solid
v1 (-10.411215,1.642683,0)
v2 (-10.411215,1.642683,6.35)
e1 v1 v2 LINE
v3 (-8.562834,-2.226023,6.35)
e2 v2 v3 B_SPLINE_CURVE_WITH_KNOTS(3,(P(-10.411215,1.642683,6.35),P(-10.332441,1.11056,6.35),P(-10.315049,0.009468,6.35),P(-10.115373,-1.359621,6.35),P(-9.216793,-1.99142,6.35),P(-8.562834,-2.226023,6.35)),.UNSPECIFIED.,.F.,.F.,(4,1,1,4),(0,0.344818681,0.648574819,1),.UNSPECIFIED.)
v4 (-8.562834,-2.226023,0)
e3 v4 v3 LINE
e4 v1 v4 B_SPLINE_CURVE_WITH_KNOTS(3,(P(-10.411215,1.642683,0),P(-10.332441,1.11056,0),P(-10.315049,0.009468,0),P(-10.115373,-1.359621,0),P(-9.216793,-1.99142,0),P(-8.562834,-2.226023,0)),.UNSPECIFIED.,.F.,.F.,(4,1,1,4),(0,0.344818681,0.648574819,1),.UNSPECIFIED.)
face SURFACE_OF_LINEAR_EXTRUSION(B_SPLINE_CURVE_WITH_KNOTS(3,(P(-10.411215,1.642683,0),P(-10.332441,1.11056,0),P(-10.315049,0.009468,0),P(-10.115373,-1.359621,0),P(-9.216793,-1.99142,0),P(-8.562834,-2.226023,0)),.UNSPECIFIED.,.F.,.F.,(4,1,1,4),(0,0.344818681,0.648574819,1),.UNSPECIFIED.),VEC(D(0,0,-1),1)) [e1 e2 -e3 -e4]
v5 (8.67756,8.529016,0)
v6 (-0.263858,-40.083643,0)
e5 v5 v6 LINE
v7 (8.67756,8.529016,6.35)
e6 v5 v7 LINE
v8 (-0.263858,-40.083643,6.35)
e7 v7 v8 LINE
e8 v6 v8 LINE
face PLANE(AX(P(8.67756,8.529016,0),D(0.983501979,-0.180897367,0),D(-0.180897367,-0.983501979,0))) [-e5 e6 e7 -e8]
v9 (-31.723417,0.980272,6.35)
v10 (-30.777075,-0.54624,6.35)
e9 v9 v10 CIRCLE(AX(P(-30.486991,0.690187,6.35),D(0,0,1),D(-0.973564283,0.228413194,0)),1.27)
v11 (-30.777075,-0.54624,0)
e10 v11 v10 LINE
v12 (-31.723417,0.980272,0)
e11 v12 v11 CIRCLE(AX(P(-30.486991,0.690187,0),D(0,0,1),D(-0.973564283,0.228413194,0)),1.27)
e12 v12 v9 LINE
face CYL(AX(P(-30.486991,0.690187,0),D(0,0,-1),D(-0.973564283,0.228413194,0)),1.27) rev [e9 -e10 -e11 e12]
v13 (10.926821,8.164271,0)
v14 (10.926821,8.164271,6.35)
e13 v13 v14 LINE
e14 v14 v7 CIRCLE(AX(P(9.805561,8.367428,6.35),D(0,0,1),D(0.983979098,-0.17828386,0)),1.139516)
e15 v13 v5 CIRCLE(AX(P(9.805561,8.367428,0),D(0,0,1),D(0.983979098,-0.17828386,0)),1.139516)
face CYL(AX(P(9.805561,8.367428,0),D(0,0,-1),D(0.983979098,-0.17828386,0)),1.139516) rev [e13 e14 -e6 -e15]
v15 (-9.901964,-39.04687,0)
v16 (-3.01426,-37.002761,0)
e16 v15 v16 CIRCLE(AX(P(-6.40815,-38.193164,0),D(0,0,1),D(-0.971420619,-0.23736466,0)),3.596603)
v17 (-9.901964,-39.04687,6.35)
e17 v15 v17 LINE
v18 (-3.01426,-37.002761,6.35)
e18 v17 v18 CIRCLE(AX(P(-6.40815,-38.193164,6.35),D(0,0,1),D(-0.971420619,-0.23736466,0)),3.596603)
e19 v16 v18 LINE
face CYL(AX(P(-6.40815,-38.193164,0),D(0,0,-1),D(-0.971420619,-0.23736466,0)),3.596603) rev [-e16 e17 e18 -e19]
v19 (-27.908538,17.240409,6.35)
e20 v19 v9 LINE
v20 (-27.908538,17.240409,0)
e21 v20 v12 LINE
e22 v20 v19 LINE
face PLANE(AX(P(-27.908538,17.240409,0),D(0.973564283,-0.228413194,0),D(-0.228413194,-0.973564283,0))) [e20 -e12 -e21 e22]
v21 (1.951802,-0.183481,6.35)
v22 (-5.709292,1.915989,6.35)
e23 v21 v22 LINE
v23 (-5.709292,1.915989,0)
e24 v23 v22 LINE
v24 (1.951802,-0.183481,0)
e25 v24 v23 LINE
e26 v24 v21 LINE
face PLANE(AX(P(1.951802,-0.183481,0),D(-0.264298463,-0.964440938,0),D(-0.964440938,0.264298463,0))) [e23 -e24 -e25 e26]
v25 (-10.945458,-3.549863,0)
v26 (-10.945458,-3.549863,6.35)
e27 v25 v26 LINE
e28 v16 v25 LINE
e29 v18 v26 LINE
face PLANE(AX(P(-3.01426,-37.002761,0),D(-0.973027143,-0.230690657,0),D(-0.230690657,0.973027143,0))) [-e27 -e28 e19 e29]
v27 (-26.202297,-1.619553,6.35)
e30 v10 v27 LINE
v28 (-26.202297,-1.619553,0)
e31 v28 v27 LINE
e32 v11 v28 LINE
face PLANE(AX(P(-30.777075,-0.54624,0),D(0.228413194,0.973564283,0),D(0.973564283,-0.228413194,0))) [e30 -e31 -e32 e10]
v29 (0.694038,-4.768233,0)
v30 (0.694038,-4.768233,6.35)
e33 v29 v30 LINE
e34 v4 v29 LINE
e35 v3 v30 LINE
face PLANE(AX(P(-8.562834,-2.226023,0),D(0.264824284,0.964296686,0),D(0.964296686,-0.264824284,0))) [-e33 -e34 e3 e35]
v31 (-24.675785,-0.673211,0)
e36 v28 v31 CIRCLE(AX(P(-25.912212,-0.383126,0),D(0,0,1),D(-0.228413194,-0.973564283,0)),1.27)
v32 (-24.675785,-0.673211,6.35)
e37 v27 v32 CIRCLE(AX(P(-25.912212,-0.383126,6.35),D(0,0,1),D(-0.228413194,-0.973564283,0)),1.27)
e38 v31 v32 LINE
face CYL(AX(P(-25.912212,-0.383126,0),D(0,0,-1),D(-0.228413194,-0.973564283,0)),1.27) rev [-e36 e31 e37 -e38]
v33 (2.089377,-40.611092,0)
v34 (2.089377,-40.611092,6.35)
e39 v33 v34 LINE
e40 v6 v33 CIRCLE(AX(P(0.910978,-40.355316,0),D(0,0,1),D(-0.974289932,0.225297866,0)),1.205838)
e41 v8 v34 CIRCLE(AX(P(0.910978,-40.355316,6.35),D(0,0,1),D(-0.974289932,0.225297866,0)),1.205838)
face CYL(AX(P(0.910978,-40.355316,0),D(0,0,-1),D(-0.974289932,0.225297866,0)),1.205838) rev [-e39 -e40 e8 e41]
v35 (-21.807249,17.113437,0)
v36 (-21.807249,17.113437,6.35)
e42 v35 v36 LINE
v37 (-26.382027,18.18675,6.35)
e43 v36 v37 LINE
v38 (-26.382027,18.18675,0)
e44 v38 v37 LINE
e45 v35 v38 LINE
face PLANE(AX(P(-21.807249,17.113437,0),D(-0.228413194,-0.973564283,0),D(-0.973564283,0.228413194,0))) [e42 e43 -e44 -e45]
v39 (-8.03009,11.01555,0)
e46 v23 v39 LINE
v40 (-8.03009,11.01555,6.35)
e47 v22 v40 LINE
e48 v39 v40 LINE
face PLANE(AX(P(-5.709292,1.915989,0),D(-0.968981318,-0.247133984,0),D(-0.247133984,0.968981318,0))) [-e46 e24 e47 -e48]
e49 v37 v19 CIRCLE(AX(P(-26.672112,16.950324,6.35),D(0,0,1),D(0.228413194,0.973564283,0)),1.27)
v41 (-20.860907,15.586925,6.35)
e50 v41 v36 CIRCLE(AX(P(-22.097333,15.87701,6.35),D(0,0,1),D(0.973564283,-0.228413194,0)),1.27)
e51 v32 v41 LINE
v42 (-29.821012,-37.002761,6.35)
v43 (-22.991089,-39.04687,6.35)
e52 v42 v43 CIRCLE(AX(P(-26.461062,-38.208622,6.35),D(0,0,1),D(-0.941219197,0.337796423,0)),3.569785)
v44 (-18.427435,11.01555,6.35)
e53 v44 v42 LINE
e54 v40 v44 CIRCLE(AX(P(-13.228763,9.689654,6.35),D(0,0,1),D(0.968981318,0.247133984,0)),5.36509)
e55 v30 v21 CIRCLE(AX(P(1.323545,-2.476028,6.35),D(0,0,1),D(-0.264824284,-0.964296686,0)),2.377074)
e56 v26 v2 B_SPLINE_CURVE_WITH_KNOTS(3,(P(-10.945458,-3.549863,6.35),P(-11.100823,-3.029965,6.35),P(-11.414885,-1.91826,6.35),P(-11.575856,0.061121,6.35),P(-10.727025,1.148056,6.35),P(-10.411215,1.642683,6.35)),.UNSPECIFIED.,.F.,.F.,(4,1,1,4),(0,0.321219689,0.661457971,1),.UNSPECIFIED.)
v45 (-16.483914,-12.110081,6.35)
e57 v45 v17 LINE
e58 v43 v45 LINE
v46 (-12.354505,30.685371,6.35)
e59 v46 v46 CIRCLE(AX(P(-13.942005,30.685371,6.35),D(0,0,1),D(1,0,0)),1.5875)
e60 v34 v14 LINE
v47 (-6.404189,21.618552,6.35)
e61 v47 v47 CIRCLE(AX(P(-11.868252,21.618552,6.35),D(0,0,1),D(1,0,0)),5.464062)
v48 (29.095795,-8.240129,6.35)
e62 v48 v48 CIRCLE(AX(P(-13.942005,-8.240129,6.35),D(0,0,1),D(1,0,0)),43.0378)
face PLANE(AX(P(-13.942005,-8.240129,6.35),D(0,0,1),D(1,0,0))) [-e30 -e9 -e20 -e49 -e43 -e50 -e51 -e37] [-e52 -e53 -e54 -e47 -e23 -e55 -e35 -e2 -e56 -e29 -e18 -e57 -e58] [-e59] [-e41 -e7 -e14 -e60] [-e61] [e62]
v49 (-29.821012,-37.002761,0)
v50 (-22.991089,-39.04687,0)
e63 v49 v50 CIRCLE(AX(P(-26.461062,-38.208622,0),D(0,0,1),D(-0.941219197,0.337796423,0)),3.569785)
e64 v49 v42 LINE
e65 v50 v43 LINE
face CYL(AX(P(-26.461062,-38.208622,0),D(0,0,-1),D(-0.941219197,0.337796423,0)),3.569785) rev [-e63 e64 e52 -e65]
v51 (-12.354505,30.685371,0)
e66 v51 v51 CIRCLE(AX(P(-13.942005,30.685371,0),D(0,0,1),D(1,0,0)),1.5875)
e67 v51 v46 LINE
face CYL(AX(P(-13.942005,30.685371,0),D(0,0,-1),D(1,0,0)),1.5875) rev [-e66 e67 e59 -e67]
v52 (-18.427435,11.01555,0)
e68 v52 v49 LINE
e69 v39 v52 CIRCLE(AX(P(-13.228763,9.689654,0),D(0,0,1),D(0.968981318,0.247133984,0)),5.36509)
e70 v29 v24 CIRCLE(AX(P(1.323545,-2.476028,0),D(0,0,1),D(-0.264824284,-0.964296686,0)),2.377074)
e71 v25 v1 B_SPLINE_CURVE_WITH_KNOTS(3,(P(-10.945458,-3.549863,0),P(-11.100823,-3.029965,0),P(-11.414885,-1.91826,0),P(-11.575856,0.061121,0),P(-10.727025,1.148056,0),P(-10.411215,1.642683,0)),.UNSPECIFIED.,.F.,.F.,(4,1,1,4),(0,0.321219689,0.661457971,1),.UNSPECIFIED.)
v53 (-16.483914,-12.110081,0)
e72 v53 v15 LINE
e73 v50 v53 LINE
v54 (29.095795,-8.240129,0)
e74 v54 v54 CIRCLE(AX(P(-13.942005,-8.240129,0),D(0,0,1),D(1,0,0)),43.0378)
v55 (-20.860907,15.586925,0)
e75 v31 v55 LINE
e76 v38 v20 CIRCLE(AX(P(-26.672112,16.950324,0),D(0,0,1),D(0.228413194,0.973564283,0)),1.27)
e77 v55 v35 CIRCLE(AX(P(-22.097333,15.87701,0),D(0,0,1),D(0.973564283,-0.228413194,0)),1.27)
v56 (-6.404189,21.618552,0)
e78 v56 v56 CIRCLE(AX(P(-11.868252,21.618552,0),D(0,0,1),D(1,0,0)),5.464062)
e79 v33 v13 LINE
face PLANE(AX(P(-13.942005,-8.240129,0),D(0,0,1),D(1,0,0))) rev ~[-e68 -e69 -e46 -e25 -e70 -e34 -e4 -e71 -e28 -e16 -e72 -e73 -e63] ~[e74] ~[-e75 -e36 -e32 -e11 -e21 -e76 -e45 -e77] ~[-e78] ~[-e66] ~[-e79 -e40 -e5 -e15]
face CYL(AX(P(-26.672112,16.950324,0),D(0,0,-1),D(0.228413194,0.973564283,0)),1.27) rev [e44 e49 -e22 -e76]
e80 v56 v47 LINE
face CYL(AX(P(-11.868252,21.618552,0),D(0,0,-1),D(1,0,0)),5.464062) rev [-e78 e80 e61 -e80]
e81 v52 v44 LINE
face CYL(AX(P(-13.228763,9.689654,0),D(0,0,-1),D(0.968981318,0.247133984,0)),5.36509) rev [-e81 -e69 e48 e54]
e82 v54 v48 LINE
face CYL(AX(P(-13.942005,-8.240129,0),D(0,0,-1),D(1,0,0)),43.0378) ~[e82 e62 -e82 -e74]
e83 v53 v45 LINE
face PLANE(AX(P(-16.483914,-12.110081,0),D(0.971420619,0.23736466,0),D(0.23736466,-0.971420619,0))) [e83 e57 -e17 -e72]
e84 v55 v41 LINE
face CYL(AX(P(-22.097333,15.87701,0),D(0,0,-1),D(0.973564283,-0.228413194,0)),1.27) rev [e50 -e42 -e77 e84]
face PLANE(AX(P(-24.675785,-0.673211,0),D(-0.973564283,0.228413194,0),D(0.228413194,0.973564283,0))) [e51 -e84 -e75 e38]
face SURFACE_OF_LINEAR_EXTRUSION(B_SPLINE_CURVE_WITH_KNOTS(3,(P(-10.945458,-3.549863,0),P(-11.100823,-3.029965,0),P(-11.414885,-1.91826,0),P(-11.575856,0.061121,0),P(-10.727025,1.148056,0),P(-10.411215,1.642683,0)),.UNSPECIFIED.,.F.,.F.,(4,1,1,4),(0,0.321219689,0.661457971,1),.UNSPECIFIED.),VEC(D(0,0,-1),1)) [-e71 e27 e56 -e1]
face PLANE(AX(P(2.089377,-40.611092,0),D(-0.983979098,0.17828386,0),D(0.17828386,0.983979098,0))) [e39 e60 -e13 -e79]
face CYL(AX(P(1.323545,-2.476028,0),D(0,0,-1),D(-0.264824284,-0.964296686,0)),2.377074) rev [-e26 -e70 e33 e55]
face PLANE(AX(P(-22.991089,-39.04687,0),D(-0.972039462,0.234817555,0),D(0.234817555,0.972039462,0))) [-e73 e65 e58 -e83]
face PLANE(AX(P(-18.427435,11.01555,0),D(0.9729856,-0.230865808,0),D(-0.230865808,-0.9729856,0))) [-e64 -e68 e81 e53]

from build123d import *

# Parameters (mm, degrees)
F1_R     = 43.0377999141
F1_R_2   = 1.5875
F2_DEPTH = 6.35
F0_R     = 5.4640621861
F3_DEPTH = 6.35


with BuildPart() as f2:
    # F1 (on Top) → F2 (new body)
    with BuildSketch(Plane.XY):
        with Locations((-13.9420051128, -8.2401288673)):
            Circle(F1_R)
        with Locations((-13.9420051128, 30.6853711327)):
            Circle(F1_R_2, mode=Mode.SUBTRACT)
    extrude(amount=F2_DEPTH)

    # F0 (on Top) → F3 (cut)
    with BuildSketch(Plane.XY):
        with Locations((-11.8682515955, 21.6185524797)):
            Circle(F0_R)
        with BuildLine():
            Line((-30.777075401, -0.5462395027), (-26.2022968359, -1.6195531011))
            ThreePointArc((-26.2022968359, -1.6195531011), (-25.2430473169, -1.4625330212), (-24.6757854404, -0.6732112182))
            Line((-24.6757854404, -0.6732112182), (-20.8609066441, 15.5869254009))
            ThreePointArc((-20.8609066441, 15.5869254009), (-21.017926724, 16.54617492), (-21.807248527, 17.1134367965))
            Line((-21.807248527, 17.1134367965), (-26.3820270921, 18.1867503949))
            ThreePointArc((-26.3820270921, 18.1867503949), (-27.3412766111, 18.029730315), (-27.9085384876, 17.240408512))
            Line((-27.9085384876, 17.240408512), (-31.7234172839, 0.9802718929))
            ThreePointArc((-31.7234172839, 0.9802718929), (-31.566397204, 0.0210223738), (-30.777075401, -0.5462395027))
        make_face()
        with BuildLine():
            Line((-16.4839141071, -12.11008057), (-9.9019641905, -39.0468699637))
            ThreePointArc((-9.9019641905, -39.0468699637), (-5.3848753387, -41.6411280094), (-3.0142599717, -37.0027609169))
            Line((-3.0142599717, -37.0027609169), (-10.9454579651, -3.5498633515))
            add(Edge.make_bspline(
                [(-10.9454579651, -3.5498633515), (-11.1008232007, -3.029964733), (-11.4148845809, -1.9182603696), (-11.5758558718, 0.0611210161), (-10.7270246335, 1.1480561674), (-10.4112150148, 1.642682706)],
                knots=[0, 0, 0, 0, 0.3212196894, 0.6614579708, 1, 1, 1, 1], degree=3))
            add(Edge.make_bspline(
                [(-10.4112150148, 1.642682706), (-10.3324407758, 1.1105596752), (-10.3150494323, 0.00946776), (-10.1153730649, -1.3596205713), (-9.2167931712, -1.9914203558), (-8.5628340021, -2.2260230035)],
                knots=[0, 0, 0, 0, 0.3448186812, 0.6485748194, 1, 1, 1, 1], degree=3))
            Line((-8.5628340021, -2.2260230035), (0.6940379972, -4.768232815))
            ThreePointArc((0.6940379972, -4.768232815), (3.6159208044, -3.1049103484), (1.9518018235, -0.1834811119))
            Line((1.9518018235, -0.1834811119), (-5.7092916164, 1.9159893078))
            Line((-5.7092916164, 1.9159893078), (-8.030090481, 11.0155502334))
            ThreePointArc((-8.030090481, 11.0155502334), (-13.2287628949, 15.0547445073), (-18.4274353087, 11.0155502334))
            Line((-18.4274353087, 11.0155502334), (-29.8210121691, -37.0027609169))
            ThreePointArc((-29.8210121691, -37.0027609169), (-27.4845954692, -41.6285261383), (-22.9910892352, -39.0468699637))
            Line((-22.9910892352, -39.0468699637), (-16.4839141071, -12.11008057))
        make_face()
        with BuildLine():
            Line((8.6775599048, 8.5290158167), (-0.2638578007, -40.083643049))
            ThreePointArc((-0.2638578007, -40.083643049), (0.6472478334, -41.5319603397), (2.0893774927, -40.6110920012))
            Line((2.0893774927, -40.6110920012), (10.9268212691, 8.164270781))
            ThreePointArc((10.9268212691, 8.164270781), (9.9879647619, 9.4922508691), (8.6775599048, 8.5290158167))
        make_face()
    extrude(amount=F3_DEPTH, mode=Mode.SUBTRACT)


solid = f2.part
